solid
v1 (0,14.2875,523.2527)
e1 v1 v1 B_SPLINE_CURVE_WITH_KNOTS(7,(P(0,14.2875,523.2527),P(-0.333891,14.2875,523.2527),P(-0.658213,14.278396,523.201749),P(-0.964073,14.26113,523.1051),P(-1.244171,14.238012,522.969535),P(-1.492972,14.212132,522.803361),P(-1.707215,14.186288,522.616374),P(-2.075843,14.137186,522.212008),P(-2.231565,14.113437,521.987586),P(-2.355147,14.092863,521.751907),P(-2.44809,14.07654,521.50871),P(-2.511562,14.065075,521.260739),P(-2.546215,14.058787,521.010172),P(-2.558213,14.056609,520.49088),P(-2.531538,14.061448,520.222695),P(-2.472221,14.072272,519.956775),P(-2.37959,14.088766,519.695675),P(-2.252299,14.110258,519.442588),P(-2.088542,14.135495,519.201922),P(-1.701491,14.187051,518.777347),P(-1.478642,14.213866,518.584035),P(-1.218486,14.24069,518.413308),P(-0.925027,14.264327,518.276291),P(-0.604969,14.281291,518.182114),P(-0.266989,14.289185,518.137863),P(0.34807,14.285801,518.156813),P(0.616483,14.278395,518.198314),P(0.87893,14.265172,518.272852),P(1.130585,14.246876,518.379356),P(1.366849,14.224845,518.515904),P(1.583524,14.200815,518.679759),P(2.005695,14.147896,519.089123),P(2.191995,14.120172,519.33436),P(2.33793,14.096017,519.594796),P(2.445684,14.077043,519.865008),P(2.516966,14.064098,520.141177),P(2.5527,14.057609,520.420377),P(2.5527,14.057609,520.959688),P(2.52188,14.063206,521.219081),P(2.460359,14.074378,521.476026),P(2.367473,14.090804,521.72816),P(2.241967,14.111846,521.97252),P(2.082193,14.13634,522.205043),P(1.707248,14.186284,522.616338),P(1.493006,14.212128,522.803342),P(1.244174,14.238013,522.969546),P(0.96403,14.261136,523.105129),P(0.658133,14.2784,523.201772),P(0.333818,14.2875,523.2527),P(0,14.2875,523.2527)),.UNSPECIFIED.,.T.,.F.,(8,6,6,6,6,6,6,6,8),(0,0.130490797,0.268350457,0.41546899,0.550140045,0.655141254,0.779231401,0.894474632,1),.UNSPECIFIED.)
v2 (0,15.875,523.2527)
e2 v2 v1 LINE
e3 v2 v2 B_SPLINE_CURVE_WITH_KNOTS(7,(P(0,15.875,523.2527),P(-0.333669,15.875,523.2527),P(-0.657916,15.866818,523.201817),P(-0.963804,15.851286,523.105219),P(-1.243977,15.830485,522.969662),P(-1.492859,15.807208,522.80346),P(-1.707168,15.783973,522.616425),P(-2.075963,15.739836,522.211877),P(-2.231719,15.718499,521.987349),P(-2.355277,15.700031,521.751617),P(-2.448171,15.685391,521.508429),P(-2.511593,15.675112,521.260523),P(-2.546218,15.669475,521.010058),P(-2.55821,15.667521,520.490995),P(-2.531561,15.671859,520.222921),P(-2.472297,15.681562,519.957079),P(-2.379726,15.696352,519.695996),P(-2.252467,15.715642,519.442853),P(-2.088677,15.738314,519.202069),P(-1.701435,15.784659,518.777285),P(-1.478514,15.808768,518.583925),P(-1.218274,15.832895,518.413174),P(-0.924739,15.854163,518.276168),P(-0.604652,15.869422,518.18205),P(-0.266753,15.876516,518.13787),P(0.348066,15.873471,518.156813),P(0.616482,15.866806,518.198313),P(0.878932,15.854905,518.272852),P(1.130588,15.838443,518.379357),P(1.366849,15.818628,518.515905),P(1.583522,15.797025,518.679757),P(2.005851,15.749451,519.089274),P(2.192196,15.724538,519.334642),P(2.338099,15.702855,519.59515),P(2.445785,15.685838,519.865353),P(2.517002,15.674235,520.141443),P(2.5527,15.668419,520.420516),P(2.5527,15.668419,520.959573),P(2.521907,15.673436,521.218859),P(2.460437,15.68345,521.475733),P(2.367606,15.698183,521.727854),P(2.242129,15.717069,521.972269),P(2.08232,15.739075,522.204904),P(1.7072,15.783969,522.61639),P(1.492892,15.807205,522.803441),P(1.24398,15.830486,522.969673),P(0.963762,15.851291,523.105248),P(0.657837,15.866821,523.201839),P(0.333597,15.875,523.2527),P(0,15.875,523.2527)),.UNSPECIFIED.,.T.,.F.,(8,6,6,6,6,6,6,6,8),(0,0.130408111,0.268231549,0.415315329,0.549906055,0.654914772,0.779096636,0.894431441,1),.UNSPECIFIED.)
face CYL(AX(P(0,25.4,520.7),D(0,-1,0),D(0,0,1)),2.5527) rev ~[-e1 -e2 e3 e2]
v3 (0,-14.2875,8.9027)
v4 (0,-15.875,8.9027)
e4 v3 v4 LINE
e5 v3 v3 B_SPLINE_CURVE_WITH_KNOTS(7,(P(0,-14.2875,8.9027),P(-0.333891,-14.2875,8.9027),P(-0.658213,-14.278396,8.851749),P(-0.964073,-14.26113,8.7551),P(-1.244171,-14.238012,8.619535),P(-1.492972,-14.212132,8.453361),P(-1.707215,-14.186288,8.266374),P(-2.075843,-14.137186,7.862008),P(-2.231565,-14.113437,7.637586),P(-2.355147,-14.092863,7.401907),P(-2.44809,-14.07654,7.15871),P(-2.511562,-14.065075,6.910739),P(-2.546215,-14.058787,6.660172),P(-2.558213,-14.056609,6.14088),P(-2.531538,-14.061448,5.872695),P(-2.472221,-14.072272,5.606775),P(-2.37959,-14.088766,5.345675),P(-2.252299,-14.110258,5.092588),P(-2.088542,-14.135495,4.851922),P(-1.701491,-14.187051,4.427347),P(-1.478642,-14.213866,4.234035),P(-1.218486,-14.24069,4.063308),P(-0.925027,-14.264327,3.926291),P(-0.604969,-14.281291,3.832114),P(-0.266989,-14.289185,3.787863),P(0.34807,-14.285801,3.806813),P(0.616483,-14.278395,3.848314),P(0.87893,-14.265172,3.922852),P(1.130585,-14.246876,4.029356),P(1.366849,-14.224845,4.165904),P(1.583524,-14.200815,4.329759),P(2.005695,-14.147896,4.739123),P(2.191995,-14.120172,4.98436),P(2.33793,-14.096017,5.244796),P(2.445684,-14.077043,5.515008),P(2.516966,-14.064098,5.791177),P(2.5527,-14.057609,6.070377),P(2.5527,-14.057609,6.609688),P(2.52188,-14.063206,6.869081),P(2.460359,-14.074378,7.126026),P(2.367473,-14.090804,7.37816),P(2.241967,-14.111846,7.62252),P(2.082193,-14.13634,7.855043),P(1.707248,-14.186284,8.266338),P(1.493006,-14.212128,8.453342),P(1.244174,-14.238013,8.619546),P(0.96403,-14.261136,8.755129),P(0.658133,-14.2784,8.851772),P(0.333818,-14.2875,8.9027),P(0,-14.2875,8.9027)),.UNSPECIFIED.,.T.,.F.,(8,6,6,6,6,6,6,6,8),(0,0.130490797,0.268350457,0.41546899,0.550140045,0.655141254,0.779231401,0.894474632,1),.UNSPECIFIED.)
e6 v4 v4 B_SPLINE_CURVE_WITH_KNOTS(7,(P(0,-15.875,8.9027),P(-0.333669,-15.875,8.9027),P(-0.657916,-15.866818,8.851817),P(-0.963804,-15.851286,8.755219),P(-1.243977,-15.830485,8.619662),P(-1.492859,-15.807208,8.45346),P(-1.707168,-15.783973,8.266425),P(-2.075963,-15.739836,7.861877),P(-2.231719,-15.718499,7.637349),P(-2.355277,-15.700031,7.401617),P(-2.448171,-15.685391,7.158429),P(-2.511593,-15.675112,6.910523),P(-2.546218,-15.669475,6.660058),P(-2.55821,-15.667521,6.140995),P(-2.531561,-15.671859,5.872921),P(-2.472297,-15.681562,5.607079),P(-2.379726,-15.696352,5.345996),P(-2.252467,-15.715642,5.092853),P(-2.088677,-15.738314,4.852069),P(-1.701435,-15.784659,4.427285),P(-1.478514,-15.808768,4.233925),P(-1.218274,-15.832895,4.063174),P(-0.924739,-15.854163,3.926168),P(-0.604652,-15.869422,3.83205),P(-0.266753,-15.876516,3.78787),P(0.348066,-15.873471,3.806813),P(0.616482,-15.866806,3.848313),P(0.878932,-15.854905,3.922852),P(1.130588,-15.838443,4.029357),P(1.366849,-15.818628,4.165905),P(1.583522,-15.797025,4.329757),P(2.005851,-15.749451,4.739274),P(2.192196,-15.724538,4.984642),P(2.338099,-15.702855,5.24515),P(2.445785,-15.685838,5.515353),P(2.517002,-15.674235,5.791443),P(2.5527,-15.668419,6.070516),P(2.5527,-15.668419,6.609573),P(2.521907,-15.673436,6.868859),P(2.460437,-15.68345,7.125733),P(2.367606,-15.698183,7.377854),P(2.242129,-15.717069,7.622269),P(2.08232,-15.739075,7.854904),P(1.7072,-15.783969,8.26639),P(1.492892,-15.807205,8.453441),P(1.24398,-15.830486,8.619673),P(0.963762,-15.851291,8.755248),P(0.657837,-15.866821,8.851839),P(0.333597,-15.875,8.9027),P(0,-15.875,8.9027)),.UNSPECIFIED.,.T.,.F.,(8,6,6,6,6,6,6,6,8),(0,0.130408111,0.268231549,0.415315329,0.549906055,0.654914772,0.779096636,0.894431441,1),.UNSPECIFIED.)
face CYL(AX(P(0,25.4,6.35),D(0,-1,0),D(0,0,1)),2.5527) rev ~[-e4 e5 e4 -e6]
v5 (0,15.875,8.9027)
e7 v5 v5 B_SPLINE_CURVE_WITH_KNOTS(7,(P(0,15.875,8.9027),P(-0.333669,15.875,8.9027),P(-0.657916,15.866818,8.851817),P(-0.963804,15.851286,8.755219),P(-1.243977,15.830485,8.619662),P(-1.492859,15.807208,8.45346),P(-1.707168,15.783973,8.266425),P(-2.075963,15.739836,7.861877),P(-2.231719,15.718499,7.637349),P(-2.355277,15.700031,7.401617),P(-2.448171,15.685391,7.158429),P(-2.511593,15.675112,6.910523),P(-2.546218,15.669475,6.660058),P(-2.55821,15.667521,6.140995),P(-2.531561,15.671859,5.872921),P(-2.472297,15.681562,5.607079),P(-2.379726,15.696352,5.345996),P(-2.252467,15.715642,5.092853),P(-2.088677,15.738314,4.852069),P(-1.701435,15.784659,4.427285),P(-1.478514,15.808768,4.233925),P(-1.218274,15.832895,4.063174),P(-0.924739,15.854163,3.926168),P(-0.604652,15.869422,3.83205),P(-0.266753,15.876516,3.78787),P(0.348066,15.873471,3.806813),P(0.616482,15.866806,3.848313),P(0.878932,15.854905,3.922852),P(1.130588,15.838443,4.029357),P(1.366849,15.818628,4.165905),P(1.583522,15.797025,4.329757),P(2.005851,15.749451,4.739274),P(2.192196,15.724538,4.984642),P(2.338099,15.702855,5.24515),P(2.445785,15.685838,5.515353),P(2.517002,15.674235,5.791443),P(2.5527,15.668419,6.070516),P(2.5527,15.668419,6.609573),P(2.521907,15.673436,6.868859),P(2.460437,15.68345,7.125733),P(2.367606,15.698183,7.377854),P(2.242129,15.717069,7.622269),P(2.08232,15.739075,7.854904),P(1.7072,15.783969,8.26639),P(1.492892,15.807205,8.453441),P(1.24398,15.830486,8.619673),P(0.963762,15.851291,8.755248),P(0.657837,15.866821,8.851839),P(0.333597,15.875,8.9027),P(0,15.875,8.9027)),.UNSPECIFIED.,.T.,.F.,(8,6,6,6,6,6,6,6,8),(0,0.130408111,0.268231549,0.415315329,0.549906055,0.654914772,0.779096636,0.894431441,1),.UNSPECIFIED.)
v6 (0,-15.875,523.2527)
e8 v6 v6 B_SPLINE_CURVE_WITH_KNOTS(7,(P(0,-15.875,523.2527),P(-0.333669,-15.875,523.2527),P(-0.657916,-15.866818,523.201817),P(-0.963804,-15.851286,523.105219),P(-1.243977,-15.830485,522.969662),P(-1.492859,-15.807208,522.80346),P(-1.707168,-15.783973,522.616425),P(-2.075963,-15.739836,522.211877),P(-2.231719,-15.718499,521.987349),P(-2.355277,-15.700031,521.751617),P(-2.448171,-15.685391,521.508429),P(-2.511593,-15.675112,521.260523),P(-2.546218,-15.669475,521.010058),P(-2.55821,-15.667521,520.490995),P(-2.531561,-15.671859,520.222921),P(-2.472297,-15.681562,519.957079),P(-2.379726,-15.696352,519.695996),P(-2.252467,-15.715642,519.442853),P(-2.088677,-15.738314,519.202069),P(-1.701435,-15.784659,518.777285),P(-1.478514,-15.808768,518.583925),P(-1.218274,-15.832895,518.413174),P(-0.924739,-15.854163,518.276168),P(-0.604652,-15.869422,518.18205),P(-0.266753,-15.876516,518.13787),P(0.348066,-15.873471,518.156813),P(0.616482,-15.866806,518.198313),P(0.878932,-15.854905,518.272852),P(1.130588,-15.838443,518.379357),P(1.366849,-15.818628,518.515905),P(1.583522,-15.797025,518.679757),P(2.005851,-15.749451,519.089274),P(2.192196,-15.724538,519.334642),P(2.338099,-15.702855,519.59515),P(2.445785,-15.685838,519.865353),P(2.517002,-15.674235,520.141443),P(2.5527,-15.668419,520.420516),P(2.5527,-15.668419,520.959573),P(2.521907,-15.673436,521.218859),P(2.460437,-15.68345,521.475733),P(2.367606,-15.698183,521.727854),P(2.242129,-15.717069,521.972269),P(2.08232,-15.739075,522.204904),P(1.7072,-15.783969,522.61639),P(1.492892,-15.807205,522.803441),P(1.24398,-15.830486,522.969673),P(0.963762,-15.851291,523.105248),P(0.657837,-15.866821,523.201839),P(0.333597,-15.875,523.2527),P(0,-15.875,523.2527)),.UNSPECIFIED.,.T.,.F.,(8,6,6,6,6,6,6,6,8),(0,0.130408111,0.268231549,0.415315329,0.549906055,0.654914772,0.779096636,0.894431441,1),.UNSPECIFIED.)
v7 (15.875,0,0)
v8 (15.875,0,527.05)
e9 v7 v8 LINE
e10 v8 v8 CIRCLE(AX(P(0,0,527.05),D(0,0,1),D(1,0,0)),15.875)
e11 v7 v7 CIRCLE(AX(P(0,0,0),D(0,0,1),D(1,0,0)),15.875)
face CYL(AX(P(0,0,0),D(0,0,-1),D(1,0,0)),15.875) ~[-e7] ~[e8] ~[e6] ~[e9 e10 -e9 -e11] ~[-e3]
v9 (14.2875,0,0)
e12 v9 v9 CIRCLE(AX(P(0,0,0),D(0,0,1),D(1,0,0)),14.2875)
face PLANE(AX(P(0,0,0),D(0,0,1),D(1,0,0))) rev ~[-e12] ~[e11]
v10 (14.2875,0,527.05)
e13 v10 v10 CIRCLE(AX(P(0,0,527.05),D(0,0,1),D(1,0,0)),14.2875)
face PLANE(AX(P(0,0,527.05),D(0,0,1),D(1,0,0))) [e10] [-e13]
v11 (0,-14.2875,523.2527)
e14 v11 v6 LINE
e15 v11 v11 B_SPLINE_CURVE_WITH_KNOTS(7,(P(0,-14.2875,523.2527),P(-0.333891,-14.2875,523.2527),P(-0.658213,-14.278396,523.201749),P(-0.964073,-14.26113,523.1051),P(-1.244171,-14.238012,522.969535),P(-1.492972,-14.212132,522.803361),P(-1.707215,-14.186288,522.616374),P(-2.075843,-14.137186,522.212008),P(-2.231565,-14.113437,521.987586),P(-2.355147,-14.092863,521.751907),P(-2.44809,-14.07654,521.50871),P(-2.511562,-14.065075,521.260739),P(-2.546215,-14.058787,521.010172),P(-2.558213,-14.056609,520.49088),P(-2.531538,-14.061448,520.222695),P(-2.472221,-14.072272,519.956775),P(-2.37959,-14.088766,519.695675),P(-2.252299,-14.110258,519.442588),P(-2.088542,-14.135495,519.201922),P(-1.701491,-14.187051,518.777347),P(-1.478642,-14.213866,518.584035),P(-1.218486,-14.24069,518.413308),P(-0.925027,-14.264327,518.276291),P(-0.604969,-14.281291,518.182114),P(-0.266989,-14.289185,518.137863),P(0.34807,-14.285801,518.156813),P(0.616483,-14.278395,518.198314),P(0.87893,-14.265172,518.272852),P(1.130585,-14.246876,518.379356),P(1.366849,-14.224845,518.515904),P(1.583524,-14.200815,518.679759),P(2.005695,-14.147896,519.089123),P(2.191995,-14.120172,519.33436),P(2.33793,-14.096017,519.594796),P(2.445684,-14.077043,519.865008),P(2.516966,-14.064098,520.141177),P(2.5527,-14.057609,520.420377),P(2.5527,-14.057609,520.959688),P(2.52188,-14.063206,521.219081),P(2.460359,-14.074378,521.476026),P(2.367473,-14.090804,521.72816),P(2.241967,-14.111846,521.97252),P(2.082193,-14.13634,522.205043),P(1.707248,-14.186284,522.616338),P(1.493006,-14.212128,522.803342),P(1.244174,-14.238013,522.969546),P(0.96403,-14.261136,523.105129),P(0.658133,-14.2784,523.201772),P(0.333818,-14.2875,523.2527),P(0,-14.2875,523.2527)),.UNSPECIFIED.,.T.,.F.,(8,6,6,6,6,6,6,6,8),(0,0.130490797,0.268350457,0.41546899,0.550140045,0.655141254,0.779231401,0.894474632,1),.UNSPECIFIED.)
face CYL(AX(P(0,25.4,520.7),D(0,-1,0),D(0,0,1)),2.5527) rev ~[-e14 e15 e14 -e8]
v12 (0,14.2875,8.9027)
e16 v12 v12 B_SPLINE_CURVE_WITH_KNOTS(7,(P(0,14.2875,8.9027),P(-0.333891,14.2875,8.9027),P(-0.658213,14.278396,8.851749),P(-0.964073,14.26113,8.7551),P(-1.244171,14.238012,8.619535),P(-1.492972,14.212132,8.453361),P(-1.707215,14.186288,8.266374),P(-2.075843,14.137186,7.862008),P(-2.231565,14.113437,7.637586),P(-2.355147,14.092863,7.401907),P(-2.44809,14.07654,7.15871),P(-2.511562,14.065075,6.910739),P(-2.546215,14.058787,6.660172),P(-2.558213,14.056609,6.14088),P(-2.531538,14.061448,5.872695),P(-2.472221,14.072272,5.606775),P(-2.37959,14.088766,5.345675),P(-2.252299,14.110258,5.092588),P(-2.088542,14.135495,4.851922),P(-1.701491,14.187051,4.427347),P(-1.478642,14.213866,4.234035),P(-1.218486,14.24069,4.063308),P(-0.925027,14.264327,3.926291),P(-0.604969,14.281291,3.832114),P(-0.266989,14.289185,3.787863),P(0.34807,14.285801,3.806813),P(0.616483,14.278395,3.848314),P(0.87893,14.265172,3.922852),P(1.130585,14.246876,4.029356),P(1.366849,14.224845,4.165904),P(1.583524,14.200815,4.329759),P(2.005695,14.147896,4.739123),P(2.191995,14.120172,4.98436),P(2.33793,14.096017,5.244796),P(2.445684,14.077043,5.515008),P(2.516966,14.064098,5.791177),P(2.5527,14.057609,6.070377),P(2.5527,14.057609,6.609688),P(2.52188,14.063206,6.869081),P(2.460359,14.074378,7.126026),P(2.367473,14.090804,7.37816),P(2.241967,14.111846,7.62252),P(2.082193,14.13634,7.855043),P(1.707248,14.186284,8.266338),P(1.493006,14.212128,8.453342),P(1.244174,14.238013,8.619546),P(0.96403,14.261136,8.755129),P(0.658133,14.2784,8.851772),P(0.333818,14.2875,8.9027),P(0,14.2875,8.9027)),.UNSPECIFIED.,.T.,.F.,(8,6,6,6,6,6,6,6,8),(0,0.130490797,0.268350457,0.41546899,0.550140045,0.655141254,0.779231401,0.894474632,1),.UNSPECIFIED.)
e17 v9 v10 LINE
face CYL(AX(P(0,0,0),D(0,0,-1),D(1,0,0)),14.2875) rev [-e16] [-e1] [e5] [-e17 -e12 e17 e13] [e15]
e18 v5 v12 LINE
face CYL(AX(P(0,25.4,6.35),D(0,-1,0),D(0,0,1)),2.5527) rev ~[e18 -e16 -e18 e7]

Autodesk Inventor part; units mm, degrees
ref_plane "YZ Plane" through (0, 0, 0) normal (1, 0, 0) x (0, 1, 0)
ref_plane "XY Plane" through (0, 0, 0) normal (0, 0, 1) x (1, 0, 0)
sketch "Sketch1" plane through (0, 0, 0) normal (0, 0, 1) x (1, 0, 0)
  circle A0 centre (0, 0) radius 14.2875
  circle A1 centre (0, 0) radius 15.875
  dimension "d0" = 28.575
  dimension "d1" = 31.75
extrude "Extrusion1" add sketch "Sketch1" along normal blind 527.05
ref_plane "Work Plane1" through (0, 25.4, 0) normal (0, 1, 0) x (-1, 0, 0)
sketch "Sketch2" plane through (0, 25.4, 0) normal (0, 1, 0) x (-1, 0, 0)
  line L0 (15.875, 527.05) -> (-15.875, 527.05) projected
  line L1 (-15.875, 0) -> (15.875, 0) projected
  point P0 (0, 0)
  point P1 (0, 6.35)
  point P2 (0, 520.7)
  point P3 (0, 0)
  point P4 (0, 527.05)
  dimension "d5" = 6.35
  dimension "d6" = 6.35
hole "Hole1" at (0, 25.4, 6.35) at (0, 25.4, 520.7) direction (0, -1, 0) diameter 5.1054 end through all
properties part number "ARM_035_TopandBottomRollerTube" material "Aluminum 6061"
